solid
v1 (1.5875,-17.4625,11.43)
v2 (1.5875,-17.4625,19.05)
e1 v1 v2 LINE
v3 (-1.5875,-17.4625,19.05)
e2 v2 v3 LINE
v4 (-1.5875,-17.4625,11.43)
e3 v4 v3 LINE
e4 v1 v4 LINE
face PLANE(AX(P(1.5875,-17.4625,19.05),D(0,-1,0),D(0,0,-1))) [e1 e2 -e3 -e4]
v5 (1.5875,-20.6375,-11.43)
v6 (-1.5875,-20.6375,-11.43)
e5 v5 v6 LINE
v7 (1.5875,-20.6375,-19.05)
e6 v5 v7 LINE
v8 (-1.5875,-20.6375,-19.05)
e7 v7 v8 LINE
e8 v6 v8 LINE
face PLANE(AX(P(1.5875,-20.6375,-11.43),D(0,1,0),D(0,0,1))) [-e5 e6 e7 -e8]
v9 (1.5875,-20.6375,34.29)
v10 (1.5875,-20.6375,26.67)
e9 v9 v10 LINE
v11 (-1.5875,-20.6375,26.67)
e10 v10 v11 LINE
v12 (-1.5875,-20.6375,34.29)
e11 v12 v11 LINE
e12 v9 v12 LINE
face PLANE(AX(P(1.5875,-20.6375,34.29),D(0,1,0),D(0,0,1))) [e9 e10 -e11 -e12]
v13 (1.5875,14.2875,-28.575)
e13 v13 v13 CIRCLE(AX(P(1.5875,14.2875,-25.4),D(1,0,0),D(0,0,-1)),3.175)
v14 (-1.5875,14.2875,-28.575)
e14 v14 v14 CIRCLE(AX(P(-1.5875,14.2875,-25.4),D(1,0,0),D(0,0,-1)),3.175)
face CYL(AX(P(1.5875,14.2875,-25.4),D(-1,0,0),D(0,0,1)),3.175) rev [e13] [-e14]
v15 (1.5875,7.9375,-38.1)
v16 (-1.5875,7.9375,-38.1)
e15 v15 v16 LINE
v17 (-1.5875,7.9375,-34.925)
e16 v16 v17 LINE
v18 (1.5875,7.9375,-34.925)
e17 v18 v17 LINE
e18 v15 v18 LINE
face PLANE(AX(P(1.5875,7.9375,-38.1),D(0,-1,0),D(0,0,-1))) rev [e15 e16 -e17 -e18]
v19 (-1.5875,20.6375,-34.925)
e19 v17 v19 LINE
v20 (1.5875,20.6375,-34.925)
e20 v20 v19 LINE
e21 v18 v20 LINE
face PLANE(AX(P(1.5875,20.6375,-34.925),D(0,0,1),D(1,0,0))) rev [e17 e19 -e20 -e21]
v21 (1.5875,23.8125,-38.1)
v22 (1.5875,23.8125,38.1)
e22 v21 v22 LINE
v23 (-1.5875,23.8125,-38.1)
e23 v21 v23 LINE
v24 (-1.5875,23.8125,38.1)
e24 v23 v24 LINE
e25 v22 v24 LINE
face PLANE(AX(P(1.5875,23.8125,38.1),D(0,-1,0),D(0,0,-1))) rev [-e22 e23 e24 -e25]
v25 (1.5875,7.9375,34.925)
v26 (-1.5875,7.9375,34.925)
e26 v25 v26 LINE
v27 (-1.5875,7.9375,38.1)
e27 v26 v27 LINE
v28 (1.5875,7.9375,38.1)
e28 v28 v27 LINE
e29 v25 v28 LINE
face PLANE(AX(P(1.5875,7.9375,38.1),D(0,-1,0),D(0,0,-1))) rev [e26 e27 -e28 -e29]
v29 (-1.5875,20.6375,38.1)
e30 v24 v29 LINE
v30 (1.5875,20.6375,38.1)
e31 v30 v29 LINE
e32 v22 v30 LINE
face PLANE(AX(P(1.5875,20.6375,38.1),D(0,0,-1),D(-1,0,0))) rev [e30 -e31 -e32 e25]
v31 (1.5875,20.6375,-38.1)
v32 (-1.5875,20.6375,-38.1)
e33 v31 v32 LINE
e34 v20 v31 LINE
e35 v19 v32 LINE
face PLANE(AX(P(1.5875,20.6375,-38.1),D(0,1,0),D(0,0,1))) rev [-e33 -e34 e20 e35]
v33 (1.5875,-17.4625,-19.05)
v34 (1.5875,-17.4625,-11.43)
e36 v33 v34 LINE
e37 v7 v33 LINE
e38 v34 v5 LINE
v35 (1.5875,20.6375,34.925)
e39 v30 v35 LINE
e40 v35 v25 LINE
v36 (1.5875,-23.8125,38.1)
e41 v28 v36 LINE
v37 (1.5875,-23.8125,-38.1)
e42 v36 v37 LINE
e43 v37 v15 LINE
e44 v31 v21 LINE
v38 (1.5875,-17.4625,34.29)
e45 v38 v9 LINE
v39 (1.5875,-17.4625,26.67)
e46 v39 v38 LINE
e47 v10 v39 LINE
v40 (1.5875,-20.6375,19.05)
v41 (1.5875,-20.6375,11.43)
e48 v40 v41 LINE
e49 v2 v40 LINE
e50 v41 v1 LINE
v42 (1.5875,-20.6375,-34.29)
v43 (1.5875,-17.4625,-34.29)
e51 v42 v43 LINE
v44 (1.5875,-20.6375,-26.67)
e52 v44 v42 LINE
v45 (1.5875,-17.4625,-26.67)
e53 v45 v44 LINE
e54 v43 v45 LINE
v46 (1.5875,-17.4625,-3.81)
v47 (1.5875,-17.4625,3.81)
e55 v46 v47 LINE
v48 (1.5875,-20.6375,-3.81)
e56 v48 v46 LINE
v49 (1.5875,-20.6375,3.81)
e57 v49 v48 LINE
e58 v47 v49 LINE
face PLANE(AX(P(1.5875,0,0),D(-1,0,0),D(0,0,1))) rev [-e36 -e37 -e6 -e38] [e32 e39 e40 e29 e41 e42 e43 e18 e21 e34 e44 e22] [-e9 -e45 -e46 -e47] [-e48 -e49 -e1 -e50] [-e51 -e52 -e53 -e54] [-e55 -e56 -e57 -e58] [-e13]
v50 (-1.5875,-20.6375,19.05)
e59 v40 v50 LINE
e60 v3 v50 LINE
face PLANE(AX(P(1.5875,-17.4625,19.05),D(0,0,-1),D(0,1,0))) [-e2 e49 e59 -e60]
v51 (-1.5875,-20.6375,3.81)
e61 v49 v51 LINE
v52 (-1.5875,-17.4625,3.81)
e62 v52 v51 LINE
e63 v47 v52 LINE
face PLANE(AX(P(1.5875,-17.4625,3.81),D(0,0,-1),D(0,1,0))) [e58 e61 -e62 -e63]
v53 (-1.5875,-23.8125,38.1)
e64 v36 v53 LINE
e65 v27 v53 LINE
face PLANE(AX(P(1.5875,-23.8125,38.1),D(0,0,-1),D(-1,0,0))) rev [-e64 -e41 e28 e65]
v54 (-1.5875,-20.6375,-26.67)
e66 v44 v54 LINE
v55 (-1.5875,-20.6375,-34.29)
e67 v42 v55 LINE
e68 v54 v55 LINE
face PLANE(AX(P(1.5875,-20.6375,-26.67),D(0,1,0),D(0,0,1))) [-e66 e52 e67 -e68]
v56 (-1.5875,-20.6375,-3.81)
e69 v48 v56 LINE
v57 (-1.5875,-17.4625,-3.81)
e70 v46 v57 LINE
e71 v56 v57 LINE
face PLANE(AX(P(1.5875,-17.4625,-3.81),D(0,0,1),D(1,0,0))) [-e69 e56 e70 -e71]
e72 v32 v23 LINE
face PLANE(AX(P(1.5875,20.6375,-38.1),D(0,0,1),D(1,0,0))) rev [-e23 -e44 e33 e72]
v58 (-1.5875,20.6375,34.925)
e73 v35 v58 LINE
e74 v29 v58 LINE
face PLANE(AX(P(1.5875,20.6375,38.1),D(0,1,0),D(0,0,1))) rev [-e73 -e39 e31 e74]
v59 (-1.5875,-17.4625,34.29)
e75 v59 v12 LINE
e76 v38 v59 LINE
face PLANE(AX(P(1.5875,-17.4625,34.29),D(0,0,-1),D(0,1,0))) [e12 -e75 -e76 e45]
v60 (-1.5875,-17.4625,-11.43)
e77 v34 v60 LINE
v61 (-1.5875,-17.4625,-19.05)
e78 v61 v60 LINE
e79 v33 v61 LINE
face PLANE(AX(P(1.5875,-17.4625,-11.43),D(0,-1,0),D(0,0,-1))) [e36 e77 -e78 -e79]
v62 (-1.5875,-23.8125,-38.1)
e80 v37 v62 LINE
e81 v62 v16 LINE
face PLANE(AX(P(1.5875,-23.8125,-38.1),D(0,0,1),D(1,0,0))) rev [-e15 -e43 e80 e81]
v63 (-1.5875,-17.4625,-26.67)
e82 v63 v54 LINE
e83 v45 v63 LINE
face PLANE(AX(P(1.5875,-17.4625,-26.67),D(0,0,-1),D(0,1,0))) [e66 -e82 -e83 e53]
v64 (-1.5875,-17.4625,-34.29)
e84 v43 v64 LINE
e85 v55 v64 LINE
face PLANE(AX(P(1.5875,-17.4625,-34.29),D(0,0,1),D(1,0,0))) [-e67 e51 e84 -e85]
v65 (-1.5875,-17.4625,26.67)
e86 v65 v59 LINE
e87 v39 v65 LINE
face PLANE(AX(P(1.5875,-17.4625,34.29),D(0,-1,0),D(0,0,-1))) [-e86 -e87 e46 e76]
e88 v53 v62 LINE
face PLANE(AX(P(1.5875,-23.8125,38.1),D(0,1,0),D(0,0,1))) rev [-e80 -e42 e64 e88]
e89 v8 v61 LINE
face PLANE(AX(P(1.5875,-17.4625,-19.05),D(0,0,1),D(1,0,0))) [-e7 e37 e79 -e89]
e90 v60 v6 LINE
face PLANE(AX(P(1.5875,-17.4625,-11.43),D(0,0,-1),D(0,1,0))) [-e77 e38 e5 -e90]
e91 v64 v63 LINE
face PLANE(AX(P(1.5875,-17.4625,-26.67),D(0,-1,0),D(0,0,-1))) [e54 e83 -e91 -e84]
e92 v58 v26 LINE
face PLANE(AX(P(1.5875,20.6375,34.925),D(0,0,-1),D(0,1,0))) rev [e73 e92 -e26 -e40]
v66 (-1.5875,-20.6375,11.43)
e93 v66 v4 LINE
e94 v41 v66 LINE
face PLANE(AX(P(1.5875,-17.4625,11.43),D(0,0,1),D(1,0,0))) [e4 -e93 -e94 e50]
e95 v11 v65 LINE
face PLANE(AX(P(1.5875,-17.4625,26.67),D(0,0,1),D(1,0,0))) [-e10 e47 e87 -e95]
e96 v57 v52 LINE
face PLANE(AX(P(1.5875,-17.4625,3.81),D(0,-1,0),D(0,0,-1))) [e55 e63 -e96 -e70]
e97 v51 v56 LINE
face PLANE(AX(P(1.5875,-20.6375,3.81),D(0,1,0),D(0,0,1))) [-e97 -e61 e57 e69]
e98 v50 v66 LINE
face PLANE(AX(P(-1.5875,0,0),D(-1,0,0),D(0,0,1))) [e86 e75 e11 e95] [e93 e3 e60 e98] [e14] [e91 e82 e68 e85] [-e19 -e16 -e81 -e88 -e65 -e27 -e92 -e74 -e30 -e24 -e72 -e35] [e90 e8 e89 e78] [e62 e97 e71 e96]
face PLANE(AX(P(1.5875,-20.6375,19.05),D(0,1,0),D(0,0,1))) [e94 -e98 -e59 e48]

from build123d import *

# Parameters (mm, degrees)
SKETCH1_R           = 3.175
SKETCH1_W           = 7.62
SKETCH1_H           = 3.175
BOSS_EXTRUDE1_DEPTH = 1.5875


with BuildPart() as part:
    # Sketch1 → Boss-Extrude1 (new body, symmetric)
    with BuildSketch(Plane(origin=(0, 0, 0), x_dir=(0, 0, -1), z_dir=(1, 0, 0))):
        Polygon((-38.1, -23.8125), (38.1, -23.8125), (38.1, 7.9375), (34.925, 7.9375), (34.925, 20.6375), (38.1, 20.6375), (38.1, 23.8125), (-38.1, 23.8125), (-38.1, 20.6375), (-34.925, 20.6375), (-34.925, 7.9375), (-38.1, 7.9375), align=None)
        with Locations((25.4, 14.2875)):
            Circle(SKETCH1_R, mode=Mode.SUBTRACT)
        with Locations((-15.24, -19.05)):
            Rectangle(SKETCH1_W, SKETCH1_H, mode=Mode.SUBTRACT)
        with Locations((-30.48, -19.05)):
            Rectangle(SKETCH1_W, SKETCH1_H, mode=Mode.SUBTRACT)
        with Locations((0, -19.05)):
            Rectangle(SKETCH1_W, SKETCH1_H, mode=Mode.SUBTRACT)
        with Locations((15.24, -19.05)):
            Rectangle(SKETCH1_W, SKETCH1_H, mode=Mode.SUBTRACT)
        with Locations((30.48, -19.05)):
            Rectangle(SKETCH1_W, SKETCH1_H, mode=Mode.SUBTRACT)
    extrude(amount=BOSS_EXTRUDE1_DEPTH, both=True)


solid = part.part
